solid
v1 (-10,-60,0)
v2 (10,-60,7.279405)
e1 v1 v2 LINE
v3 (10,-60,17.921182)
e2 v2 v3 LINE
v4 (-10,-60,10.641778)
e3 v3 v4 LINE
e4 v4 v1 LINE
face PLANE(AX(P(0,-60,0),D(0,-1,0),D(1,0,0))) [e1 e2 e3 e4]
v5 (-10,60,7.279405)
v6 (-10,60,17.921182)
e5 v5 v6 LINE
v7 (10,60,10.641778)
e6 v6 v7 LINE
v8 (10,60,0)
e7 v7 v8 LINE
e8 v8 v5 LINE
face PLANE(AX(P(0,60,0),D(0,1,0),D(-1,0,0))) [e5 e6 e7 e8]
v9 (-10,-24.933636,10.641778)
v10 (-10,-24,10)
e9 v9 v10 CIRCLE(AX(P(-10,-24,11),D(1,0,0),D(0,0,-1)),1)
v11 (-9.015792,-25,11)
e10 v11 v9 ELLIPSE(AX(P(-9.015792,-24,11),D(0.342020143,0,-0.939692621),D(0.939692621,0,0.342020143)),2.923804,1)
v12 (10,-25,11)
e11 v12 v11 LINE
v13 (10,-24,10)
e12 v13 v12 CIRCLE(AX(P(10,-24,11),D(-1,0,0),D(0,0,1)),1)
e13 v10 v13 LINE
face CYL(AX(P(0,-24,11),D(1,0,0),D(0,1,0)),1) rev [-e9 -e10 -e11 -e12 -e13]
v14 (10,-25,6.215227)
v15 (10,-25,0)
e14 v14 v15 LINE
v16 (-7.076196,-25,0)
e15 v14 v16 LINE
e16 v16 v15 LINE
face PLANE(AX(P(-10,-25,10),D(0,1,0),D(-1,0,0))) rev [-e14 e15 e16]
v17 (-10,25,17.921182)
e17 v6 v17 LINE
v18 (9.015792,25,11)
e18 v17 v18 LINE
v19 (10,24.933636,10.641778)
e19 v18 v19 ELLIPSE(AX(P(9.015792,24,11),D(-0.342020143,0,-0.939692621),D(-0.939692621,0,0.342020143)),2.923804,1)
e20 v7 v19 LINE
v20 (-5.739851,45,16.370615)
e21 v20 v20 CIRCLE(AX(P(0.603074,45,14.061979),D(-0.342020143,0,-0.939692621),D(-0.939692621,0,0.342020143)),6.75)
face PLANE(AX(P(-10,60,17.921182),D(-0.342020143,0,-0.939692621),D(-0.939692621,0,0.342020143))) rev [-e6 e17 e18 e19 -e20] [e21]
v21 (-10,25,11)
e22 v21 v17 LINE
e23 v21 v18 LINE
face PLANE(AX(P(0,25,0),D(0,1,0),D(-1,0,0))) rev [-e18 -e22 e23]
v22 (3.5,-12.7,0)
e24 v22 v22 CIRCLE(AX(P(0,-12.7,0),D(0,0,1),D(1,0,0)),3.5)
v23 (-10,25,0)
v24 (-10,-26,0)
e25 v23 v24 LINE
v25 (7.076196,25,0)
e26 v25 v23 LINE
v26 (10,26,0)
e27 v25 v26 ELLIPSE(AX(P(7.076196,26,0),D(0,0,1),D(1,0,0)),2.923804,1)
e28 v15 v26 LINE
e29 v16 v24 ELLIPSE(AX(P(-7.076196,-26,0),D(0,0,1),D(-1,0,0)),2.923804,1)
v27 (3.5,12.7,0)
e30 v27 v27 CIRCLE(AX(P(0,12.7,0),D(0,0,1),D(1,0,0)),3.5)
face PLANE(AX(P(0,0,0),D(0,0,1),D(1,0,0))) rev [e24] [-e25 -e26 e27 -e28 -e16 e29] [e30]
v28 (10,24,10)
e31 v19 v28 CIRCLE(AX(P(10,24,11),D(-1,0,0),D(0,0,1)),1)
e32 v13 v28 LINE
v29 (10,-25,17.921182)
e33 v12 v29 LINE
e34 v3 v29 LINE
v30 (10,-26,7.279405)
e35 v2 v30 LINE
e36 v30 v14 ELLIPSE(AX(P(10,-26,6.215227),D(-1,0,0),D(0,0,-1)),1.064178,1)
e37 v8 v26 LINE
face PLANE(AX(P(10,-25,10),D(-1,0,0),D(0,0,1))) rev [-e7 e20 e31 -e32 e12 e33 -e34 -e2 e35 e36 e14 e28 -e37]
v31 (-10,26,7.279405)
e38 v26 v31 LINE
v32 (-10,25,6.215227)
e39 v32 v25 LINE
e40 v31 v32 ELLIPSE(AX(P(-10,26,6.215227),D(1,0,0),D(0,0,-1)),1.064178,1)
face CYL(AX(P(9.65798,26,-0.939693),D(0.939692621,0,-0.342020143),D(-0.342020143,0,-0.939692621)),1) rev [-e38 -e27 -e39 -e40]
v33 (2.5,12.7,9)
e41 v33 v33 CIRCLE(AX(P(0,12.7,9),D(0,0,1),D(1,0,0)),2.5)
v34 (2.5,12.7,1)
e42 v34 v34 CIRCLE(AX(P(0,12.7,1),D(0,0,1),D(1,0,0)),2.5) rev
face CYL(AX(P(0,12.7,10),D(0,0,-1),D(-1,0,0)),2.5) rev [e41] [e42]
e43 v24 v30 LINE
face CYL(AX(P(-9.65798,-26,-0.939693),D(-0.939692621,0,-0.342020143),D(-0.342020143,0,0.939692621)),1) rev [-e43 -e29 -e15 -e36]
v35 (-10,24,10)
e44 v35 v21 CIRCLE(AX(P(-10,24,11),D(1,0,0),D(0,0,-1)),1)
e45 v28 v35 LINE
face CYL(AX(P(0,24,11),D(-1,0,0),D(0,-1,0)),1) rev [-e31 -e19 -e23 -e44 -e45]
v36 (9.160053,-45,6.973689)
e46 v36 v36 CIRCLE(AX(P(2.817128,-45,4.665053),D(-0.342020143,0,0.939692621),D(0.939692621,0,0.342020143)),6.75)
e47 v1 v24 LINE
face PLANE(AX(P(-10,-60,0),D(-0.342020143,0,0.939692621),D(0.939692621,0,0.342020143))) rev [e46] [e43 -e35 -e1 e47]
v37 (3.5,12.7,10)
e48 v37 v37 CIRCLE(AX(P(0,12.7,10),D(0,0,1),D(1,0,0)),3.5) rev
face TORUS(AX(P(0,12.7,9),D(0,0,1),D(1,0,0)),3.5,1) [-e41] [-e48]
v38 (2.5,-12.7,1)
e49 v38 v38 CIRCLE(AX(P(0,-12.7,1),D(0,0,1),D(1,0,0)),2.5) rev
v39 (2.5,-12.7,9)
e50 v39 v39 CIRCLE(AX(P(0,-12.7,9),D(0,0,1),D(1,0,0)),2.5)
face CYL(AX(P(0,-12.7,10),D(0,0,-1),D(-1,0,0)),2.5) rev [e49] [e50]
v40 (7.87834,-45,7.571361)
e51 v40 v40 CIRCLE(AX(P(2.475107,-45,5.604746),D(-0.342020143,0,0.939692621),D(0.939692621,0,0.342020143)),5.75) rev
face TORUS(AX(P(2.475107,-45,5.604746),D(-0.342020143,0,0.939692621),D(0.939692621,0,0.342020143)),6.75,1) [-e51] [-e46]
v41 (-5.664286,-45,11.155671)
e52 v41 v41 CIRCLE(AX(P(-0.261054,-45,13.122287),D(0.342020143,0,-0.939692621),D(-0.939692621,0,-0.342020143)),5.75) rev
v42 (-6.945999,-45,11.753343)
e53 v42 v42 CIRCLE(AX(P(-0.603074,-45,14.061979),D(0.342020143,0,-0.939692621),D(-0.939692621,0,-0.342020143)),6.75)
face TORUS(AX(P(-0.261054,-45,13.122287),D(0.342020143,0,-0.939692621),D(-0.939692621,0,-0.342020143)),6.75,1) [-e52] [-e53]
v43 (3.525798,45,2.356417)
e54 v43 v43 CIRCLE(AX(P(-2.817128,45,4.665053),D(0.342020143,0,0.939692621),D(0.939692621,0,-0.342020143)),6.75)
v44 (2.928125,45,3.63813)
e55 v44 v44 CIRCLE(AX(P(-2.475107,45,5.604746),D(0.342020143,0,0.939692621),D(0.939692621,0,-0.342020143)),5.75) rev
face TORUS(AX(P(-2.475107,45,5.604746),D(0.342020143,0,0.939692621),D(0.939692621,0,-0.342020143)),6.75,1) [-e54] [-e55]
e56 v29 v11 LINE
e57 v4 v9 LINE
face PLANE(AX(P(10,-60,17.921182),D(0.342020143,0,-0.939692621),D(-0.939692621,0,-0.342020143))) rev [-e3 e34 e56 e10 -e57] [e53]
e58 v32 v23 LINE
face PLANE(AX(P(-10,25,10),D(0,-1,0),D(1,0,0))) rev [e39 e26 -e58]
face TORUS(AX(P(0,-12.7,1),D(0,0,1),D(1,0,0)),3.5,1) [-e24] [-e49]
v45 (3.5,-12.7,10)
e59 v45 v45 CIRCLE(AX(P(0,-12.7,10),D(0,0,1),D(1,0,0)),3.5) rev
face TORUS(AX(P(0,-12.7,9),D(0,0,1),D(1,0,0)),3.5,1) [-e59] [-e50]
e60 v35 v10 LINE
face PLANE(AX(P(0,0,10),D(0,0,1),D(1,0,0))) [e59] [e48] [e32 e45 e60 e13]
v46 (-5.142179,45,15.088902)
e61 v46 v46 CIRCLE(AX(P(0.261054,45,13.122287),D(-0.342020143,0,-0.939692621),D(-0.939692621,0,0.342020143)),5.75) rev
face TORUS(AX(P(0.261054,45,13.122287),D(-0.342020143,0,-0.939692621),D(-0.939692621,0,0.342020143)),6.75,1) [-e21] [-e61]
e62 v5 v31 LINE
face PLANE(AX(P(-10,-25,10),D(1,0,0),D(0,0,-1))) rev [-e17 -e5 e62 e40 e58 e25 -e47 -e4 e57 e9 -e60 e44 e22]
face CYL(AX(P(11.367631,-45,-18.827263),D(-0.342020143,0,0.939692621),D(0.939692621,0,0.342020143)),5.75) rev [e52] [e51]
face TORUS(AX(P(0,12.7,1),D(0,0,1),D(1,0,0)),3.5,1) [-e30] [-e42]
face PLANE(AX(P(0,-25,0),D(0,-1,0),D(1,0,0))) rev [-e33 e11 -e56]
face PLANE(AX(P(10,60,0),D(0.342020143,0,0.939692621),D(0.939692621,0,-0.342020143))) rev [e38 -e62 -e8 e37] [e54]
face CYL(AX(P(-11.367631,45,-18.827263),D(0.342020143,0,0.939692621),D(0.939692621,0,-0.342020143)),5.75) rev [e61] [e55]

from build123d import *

# Parameters (mm, degrees)
SKETCH1_W           = 50
SKETCH1_H           = 20
SKETCH1_R           = 2.5
BOSS_EXTRUDE1_DEPTH = 10
BOSS_EXTRUDE2_DEPTH = 35
SKETCH4_R           = 5.75
CUT_EXTRUDE1_DEPTH  = 35
BOSS_EXTRUDE3_DEPTH = 35
SKETCH6_R           = 5.75
CUT_EXTRUDE2_DEPTH  = 35
FILLET1_R           = 1
FILLET2_R           = 1
FILLET3_R           = 1
FILLET4_R           = 1
FILLET5_R           = 1
FILLET6_R           = 1
FILLET7_R           = 1
FILLET8_R           = 1
FILLET9_R           = 1
FILLET10_R          = 1
FILLET11_R          = 1
FILLET12_R          = 1


with BuildPart() as part:
    # Sketch1 → Boss-Extrude1 (new body)
    with BuildSketch(Plane(origin=(0, 0, 0), x_dir=(0, 1, 0), z_dir=(0, 0, 1))):
        Rectangle(SKETCH1_W, SKETCH1_H)
        with Locations(Location((-12.7, 0, 0), (0, 0, 270))):
            Circle(SKETCH1_R, mode=Mode.SUBTRACT)
        with Locations(Location((12.7, 0, 0), (0, 0, 270))):
            Circle(SKETCH1_R, mode=Mode.SUBTRACT)
    extrude(amount=BOSS_EXTRUDE1_DEPTH)

    # Sketch3 → Boss-Extrude2 (add)
    with BuildSketch(Plane.XZ.offset(25)):
        Polygon((10, 7.279404685), (10, 17.92118241), (-10, 10.641777725), (-10, 0), align=None)
    extrude(amount=BOSS_EXTRUDE2_DEPTH)

    # Sketch4 → Cut-Extrude1 (cut)
    with BuildSketch(Plane(origin=(-4.589979218, 0, 12.610864256), x_dir=(0.9396926207859081, 0, 0.3420201433256699), z_dir=(-0.3420201433256699, 0, 0.9396926207859081))):
        with Locations((4.242776135, -45)):
            Circle(SKETCH4_R)
    extrude(amount=-CUT_EXTRUDE1_DEPTH, mode=Mode.SUBTRACT)

    # Sketch5 → Boss-Extrude3 (add)
    with BuildSketch(Plane(origin=(0, 25, 0), x_dir=(-1, 0, 0), z_dir=(0, 1, 0))):
        Polygon((-10, 0), (10, 7.279404685), (10, 17.92118241), (-10, 10.641777725), align=None)
    extrude(amount=BOSS_EXTRUDE3_DEPTH)

    # Sketch6 → Cut-Extrude2 (cut)
    with BuildSketch(Plane(origin=(4.589979218, 0, 12.610864256), x_dir=(0.9396926207859081, 0, -0.3420201433256698), z_dir=(0.3420201433256698, 0, 0.9396926207859081))):
        with Locations((-4.242776135, 45)):
            Circle(SKETCH6_R)
    extrude(amount=-CUT_EXTRUDE2_DEPTH, mode=Mode.SUBTRACT)

    # Fillet1
    fillet1_edges = [part.edges().sort_by_distance(p)[0] for p in [
        (-2.5, 12.7, 0),
    ]]
    fillet(fillet1_edges, radius=FILLET1_R)

    # Fillet2
    fillet2_edges = [part.edges().sort_by_distance(p)[0] for p in [
        (0, 25, 10),
    ]]
    fillet(fillet2_edges, radius=FILLET2_R)

    # Fillet3
    fillet3_edges = [part.edges().sort_by_distance(p)[0] for p in [
        (0, -25, 3.639702343),
    ]]
    fillet(fillet3_edges, radius=FILLET3_R)

    # Fillet4
    fillet4_edges = [part.edges().sort_by_distance(p)[0] for p in [
        (0, -25, 10),
    ]]
    fillet(fillet4_edges, radius=FILLET4_R)

    # Fillet5
    fillet5_edges = [part.edges().sort_by_distance(p)[0] for p in [
        (0, 25, 3.639702343),
    ]]
    fillet(fillet5_edges, radius=FILLET5_R)

    # Fillet6
    fillet6_edges = [part.edges().sort_by_distance(p)[0] for p in [
        (-8.220360211, 45, 6.631668774),
    ]]
    fillet(fillet6_edges, radius=FILLET6_R)

    # Fillet7
    fillet7_edges = [part.edges().sort_by_distance(p)[0] for p in [
        (-4.800158777, 45, 16.028594982),
    ]]
    fillet(fillet7_edges, radius=FILLET7_R)

    # Fillet8
    fillet8_edges = [part.edges().sort_by_distance(p)[0] for p in [
        (-2.586104928, -45, 2.698437126),
    ]]
    fillet(fillet8_edges, radius=FILLET8_R)

    # Fillet9
    fillet9_edges = [part.edges().sort_by_distance(p)[0] for p in [
        (-6.006306362, -45, 12.095363334),
    ]]
    fillet(fillet9_edges, radius=FILLET9_R)

    # Fillet10
    fillet10_edges = [part.edges().sort_by_distance(p)[0] for p in [
        (-2.5, -12.7, 0),
    ]]
    fillet(fillet10_edges, radius=FILLET10_R)

    # Fillet11
    fillet11_edges = [part.edges().sort_by_distance(p)[0] for p in [
        (-2.5, 12.7, 10),
    ]]
    fillet(fillet11_edges, radius=FILLET11_R)

    # Fillet12
    fillet12_edges = [part.edges().sort_by_distance(p)[0] for p in [
        (-2.5, -12.7, 10),
    ]]
    fillet(fillet12_edges, radius=FILLET12_R)


solid = part.part
